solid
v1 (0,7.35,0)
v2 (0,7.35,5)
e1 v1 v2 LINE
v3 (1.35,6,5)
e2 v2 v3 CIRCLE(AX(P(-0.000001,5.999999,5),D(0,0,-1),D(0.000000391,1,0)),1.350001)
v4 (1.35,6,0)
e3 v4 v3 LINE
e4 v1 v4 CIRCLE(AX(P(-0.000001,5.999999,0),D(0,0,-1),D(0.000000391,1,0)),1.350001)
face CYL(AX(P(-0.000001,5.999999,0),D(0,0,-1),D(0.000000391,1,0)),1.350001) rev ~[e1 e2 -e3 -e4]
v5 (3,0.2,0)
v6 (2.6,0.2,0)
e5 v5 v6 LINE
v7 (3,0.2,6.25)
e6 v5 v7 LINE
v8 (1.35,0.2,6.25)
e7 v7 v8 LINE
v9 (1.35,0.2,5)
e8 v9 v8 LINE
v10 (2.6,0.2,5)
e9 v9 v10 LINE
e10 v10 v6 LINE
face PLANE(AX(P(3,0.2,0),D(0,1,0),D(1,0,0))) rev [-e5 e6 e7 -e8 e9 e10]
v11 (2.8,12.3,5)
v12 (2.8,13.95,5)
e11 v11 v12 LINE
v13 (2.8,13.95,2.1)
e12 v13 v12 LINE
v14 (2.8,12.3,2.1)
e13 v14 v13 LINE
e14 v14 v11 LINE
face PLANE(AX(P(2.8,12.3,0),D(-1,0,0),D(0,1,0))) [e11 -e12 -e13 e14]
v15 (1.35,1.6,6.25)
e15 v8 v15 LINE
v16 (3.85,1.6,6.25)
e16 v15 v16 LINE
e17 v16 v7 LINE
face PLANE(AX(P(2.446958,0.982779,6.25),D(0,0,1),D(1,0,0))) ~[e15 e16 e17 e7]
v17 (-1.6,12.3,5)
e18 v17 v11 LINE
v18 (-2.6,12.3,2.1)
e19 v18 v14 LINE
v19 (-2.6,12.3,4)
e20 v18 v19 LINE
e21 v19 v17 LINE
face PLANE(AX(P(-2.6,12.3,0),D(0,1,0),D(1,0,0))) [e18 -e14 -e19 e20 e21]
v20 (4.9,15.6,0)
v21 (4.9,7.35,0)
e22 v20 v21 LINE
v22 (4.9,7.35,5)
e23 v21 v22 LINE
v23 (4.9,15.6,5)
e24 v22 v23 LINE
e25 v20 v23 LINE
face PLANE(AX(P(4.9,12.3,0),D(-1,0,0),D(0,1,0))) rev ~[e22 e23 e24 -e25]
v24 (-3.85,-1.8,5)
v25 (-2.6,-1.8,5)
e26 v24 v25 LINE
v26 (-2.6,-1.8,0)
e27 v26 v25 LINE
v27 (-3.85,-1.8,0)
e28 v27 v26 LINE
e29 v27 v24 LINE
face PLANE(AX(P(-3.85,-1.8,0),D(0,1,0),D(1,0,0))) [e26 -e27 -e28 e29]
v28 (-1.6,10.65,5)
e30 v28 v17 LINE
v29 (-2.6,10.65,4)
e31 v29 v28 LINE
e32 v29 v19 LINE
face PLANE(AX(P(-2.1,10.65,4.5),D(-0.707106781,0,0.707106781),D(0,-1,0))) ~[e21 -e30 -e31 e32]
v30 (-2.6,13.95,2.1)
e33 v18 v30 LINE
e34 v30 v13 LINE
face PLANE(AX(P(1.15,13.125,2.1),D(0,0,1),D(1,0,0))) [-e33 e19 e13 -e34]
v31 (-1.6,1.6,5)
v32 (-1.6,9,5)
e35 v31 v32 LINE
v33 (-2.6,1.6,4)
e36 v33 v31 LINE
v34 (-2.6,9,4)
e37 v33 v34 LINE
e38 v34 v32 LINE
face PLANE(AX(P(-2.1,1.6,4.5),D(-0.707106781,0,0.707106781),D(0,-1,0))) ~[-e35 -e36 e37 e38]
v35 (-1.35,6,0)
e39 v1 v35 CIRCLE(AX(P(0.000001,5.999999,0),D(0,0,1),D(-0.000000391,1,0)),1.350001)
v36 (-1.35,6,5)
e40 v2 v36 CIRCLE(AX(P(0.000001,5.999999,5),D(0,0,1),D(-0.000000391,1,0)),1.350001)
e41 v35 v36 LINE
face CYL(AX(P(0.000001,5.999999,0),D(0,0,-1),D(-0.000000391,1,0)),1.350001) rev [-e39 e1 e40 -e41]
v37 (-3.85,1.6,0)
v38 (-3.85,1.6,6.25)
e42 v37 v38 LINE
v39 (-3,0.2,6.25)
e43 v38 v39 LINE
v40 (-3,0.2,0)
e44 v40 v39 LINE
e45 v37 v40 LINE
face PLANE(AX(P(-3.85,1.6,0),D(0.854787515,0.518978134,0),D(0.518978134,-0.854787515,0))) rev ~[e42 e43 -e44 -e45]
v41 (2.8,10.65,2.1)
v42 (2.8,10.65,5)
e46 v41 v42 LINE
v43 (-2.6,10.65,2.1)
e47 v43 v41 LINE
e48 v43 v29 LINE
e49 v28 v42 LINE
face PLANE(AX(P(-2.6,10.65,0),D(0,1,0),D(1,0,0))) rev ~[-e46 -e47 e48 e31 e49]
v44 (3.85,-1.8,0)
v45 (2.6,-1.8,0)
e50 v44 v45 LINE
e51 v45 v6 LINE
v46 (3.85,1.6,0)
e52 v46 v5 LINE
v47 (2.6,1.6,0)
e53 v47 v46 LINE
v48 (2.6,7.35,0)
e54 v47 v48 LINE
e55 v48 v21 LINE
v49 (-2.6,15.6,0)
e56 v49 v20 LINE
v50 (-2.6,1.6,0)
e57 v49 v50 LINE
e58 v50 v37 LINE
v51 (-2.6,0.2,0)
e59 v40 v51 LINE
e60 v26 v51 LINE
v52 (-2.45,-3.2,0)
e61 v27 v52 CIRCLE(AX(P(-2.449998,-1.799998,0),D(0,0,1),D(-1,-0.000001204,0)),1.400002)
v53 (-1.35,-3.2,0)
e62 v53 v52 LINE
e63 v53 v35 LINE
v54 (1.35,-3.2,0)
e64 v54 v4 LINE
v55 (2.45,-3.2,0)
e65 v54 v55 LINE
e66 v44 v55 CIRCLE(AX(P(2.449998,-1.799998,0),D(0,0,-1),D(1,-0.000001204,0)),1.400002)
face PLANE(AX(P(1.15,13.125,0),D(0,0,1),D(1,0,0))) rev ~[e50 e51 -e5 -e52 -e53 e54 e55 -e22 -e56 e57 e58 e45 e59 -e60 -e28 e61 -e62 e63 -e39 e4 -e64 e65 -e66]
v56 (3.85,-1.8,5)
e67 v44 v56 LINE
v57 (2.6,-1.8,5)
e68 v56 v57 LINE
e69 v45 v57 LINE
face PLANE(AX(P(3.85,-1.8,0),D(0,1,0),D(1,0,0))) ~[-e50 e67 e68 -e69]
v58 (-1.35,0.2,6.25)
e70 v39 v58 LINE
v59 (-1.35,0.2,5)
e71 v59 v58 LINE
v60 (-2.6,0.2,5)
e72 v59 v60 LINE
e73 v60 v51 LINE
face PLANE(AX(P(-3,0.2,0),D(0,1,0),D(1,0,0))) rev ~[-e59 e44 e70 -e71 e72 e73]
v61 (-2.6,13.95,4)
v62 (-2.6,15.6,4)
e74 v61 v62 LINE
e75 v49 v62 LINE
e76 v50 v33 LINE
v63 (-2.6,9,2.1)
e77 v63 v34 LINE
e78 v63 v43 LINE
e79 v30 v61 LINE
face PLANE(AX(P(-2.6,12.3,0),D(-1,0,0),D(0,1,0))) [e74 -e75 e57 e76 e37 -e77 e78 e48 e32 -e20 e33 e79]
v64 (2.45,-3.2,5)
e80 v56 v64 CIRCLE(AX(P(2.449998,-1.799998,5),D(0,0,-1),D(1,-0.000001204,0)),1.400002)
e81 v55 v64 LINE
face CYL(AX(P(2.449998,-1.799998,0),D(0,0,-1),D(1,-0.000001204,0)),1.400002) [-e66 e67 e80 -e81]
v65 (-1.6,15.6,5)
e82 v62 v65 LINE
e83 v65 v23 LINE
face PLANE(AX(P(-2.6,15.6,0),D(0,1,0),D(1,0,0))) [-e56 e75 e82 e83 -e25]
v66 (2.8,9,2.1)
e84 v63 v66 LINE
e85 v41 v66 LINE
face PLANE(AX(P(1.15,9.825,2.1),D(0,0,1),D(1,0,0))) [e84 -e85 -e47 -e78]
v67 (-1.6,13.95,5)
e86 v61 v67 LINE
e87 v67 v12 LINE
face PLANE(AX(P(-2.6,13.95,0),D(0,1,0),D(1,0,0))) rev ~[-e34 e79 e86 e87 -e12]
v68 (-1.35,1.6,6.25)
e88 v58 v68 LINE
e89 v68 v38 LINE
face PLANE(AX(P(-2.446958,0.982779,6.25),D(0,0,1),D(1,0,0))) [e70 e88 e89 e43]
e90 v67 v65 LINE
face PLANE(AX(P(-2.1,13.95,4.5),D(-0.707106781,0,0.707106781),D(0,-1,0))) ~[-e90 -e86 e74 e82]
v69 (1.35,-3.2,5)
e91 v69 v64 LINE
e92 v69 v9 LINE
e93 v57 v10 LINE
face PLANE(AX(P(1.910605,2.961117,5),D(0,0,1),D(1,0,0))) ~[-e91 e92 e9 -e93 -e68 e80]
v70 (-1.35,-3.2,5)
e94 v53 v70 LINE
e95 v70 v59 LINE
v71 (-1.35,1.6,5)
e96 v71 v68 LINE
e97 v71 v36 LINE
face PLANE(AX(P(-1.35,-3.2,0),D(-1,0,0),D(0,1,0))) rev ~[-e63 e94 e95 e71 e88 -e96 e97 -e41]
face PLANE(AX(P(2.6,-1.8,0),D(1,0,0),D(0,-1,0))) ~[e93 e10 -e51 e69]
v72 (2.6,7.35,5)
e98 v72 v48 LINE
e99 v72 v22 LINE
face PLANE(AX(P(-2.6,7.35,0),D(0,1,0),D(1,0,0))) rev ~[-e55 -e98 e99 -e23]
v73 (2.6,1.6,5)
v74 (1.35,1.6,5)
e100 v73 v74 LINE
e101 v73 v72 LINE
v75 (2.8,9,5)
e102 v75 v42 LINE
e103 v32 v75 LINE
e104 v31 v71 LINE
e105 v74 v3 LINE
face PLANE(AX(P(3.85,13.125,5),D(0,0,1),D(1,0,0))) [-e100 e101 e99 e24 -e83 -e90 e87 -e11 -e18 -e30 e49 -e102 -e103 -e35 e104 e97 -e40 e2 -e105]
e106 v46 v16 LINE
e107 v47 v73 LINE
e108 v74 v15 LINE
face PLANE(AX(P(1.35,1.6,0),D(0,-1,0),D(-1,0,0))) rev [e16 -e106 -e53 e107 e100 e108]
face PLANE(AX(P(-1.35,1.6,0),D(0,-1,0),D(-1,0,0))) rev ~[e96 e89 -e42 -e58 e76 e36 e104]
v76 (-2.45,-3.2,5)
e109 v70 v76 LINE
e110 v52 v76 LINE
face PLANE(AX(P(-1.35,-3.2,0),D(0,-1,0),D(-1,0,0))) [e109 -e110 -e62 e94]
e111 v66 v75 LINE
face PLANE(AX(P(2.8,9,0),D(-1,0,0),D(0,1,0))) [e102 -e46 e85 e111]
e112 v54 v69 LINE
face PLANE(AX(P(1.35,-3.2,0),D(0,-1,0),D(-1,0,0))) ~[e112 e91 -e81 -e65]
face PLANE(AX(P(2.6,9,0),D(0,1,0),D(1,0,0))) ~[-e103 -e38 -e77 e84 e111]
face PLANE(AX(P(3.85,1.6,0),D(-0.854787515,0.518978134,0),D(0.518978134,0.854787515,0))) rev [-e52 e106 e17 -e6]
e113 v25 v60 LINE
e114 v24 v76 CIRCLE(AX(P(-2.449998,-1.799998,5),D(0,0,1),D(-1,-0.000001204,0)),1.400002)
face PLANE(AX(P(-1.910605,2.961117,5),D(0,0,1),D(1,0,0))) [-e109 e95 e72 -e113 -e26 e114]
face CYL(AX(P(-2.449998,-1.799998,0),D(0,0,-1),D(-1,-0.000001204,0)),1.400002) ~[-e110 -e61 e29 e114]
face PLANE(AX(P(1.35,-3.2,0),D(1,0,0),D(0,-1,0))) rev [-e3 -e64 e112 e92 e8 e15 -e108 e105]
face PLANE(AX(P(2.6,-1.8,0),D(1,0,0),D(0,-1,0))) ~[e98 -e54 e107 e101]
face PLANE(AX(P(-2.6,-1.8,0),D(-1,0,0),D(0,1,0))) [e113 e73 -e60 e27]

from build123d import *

# Parameters (mm, degrees)
PAD017_DEPTH           = 5
PAD020_DEPTH           = 6.25
SKETCH105_W            = 7.5
SKETCH105_H            = 1.65
PAD074_DEPTH           = 5
SKETCH102_W            = 7.5
SKETCH102_H            = 1.65
PAD075_DEPTH           = 2.1
SKETCH103_W            = 2.1
SKETCH103_H            = 1.65
PAD076_DEPTH           = 5
SKETCH104_W            = 7.5
SKETCH104_H            = 1.65
PAD077_DEPTH           = 5
LINEARPATTERN024_COUNT = 2
LINEARPATTERN024_PITCH = 3.3
CHAMFER014_SIZE        = 1


with BuildPart() as bc_c:
    # Sketch034 → Pad017 (new body)
    with BuildSketch(Plane.XY):
        with BuildLine():
            Line((-1.35, -1.8), (-1.35, 6))
            ThreePointArc((0, 7.35), (-0.954594, 6.954594), (-1.35, 6))
            Line((0, 9), (0, 7.35))
            Line((-2.6, 9), (0, 9))
            Line((-2.6, -1.8), (-2.6, 9))
            Line((-3.85, -1.8), (-2.6, -1.8))
            ThreePointArc((-3.85, -1.8), (-3.439949, -2.789949), (-2.45, -3.2))
            Line((-1.35, -3.2), (-2.45, -3.2))
            Line((-1.35, -1.8), (-1.35, -3.2))
        make_face()
    extrude(amount=PAD017_DEPTH)

    # Sketch037 → Pad020 (join)
    with BuildSketch(Plane.XY):
        Polygon((-1.35, 0.2), (-1.35, 1.6), (-2.6, 1.6), (-3.85, 1.6), (-3, 0.2), (-2.6, 0.2), align=None)
    extrude(amount=PAD020_DEPTH)


with BuildPart() as bc_s_mirrored:
    # Mirror001: instance of _bc_c
    add(bc_c.part.mirror(Plane(origin=(0, 0, 0), x_dir=(0, 1, 0), z_dir=(-1, 0, 0))))


with BuildPart() as body039:
    # Fusion001 base: copy of _bc_c
    add(bc_c.part)

    # Fusion001: union _bc_s(mirrored)
    add(bc_s_mirrored.part)

    # Sketch105 → Pad074 (new body)
    with BuildSketch(Plane.XY):
        with Locations((1.15, 8.175)):
            Rectangle(SKETCH105_W, SKETCH105_H)
    extrude(amount=PAD074_DEPTH)

    # Sketch102 → Pad075 (join)
    with BuildSketch(Plane.XY):
        with Locations((1.15, 9.825)):
            Rectangle(SKETCH102_W, SKETCH102_H)
    pad075 = extrude(amount=PAD075_DEPTH)

    # Sketch103 → Pad076 (join)
    with BuildSketch(Plane.XY):
        with Locations((3.85, 9.825)):
            Rectangle(SKETCH103_W, SKETCH103_H)
    pad076 = extrude(amount=PAD076_DEPTH)

    # Sketch104 → Pad077 (join)
    with BuildSketch(Plane.XY):
        with Locations((1.15, 11.475)):
            Rectangle(SKETCH104_W, SKETCH104_H)
    pad077 = extrude(amount=PAD077_DEPTH)

    # LinearPattern024: Pad077, Pad076, Pad075 ×2
    with Locations(*[(0, i * LINEARPATTERN024_PITCH, 0) for i in range(1, LINEARPATTERN024_COUNT)]):
        add(pad077)
        add(pad076)
        add(pad075)

    # Chamfer014
    chamfer014_edges = [body039.edges().sort_by_distance(p)[0] for p in [
        (-2.6, 8.175, 5),
        (-2.6, 11.475, 5),
        (-2.6, 14.775, 5),
    ]]
    chamfer(chamfer014_edges, length=CHAMFER014_SIZE)


solid = body039.part
